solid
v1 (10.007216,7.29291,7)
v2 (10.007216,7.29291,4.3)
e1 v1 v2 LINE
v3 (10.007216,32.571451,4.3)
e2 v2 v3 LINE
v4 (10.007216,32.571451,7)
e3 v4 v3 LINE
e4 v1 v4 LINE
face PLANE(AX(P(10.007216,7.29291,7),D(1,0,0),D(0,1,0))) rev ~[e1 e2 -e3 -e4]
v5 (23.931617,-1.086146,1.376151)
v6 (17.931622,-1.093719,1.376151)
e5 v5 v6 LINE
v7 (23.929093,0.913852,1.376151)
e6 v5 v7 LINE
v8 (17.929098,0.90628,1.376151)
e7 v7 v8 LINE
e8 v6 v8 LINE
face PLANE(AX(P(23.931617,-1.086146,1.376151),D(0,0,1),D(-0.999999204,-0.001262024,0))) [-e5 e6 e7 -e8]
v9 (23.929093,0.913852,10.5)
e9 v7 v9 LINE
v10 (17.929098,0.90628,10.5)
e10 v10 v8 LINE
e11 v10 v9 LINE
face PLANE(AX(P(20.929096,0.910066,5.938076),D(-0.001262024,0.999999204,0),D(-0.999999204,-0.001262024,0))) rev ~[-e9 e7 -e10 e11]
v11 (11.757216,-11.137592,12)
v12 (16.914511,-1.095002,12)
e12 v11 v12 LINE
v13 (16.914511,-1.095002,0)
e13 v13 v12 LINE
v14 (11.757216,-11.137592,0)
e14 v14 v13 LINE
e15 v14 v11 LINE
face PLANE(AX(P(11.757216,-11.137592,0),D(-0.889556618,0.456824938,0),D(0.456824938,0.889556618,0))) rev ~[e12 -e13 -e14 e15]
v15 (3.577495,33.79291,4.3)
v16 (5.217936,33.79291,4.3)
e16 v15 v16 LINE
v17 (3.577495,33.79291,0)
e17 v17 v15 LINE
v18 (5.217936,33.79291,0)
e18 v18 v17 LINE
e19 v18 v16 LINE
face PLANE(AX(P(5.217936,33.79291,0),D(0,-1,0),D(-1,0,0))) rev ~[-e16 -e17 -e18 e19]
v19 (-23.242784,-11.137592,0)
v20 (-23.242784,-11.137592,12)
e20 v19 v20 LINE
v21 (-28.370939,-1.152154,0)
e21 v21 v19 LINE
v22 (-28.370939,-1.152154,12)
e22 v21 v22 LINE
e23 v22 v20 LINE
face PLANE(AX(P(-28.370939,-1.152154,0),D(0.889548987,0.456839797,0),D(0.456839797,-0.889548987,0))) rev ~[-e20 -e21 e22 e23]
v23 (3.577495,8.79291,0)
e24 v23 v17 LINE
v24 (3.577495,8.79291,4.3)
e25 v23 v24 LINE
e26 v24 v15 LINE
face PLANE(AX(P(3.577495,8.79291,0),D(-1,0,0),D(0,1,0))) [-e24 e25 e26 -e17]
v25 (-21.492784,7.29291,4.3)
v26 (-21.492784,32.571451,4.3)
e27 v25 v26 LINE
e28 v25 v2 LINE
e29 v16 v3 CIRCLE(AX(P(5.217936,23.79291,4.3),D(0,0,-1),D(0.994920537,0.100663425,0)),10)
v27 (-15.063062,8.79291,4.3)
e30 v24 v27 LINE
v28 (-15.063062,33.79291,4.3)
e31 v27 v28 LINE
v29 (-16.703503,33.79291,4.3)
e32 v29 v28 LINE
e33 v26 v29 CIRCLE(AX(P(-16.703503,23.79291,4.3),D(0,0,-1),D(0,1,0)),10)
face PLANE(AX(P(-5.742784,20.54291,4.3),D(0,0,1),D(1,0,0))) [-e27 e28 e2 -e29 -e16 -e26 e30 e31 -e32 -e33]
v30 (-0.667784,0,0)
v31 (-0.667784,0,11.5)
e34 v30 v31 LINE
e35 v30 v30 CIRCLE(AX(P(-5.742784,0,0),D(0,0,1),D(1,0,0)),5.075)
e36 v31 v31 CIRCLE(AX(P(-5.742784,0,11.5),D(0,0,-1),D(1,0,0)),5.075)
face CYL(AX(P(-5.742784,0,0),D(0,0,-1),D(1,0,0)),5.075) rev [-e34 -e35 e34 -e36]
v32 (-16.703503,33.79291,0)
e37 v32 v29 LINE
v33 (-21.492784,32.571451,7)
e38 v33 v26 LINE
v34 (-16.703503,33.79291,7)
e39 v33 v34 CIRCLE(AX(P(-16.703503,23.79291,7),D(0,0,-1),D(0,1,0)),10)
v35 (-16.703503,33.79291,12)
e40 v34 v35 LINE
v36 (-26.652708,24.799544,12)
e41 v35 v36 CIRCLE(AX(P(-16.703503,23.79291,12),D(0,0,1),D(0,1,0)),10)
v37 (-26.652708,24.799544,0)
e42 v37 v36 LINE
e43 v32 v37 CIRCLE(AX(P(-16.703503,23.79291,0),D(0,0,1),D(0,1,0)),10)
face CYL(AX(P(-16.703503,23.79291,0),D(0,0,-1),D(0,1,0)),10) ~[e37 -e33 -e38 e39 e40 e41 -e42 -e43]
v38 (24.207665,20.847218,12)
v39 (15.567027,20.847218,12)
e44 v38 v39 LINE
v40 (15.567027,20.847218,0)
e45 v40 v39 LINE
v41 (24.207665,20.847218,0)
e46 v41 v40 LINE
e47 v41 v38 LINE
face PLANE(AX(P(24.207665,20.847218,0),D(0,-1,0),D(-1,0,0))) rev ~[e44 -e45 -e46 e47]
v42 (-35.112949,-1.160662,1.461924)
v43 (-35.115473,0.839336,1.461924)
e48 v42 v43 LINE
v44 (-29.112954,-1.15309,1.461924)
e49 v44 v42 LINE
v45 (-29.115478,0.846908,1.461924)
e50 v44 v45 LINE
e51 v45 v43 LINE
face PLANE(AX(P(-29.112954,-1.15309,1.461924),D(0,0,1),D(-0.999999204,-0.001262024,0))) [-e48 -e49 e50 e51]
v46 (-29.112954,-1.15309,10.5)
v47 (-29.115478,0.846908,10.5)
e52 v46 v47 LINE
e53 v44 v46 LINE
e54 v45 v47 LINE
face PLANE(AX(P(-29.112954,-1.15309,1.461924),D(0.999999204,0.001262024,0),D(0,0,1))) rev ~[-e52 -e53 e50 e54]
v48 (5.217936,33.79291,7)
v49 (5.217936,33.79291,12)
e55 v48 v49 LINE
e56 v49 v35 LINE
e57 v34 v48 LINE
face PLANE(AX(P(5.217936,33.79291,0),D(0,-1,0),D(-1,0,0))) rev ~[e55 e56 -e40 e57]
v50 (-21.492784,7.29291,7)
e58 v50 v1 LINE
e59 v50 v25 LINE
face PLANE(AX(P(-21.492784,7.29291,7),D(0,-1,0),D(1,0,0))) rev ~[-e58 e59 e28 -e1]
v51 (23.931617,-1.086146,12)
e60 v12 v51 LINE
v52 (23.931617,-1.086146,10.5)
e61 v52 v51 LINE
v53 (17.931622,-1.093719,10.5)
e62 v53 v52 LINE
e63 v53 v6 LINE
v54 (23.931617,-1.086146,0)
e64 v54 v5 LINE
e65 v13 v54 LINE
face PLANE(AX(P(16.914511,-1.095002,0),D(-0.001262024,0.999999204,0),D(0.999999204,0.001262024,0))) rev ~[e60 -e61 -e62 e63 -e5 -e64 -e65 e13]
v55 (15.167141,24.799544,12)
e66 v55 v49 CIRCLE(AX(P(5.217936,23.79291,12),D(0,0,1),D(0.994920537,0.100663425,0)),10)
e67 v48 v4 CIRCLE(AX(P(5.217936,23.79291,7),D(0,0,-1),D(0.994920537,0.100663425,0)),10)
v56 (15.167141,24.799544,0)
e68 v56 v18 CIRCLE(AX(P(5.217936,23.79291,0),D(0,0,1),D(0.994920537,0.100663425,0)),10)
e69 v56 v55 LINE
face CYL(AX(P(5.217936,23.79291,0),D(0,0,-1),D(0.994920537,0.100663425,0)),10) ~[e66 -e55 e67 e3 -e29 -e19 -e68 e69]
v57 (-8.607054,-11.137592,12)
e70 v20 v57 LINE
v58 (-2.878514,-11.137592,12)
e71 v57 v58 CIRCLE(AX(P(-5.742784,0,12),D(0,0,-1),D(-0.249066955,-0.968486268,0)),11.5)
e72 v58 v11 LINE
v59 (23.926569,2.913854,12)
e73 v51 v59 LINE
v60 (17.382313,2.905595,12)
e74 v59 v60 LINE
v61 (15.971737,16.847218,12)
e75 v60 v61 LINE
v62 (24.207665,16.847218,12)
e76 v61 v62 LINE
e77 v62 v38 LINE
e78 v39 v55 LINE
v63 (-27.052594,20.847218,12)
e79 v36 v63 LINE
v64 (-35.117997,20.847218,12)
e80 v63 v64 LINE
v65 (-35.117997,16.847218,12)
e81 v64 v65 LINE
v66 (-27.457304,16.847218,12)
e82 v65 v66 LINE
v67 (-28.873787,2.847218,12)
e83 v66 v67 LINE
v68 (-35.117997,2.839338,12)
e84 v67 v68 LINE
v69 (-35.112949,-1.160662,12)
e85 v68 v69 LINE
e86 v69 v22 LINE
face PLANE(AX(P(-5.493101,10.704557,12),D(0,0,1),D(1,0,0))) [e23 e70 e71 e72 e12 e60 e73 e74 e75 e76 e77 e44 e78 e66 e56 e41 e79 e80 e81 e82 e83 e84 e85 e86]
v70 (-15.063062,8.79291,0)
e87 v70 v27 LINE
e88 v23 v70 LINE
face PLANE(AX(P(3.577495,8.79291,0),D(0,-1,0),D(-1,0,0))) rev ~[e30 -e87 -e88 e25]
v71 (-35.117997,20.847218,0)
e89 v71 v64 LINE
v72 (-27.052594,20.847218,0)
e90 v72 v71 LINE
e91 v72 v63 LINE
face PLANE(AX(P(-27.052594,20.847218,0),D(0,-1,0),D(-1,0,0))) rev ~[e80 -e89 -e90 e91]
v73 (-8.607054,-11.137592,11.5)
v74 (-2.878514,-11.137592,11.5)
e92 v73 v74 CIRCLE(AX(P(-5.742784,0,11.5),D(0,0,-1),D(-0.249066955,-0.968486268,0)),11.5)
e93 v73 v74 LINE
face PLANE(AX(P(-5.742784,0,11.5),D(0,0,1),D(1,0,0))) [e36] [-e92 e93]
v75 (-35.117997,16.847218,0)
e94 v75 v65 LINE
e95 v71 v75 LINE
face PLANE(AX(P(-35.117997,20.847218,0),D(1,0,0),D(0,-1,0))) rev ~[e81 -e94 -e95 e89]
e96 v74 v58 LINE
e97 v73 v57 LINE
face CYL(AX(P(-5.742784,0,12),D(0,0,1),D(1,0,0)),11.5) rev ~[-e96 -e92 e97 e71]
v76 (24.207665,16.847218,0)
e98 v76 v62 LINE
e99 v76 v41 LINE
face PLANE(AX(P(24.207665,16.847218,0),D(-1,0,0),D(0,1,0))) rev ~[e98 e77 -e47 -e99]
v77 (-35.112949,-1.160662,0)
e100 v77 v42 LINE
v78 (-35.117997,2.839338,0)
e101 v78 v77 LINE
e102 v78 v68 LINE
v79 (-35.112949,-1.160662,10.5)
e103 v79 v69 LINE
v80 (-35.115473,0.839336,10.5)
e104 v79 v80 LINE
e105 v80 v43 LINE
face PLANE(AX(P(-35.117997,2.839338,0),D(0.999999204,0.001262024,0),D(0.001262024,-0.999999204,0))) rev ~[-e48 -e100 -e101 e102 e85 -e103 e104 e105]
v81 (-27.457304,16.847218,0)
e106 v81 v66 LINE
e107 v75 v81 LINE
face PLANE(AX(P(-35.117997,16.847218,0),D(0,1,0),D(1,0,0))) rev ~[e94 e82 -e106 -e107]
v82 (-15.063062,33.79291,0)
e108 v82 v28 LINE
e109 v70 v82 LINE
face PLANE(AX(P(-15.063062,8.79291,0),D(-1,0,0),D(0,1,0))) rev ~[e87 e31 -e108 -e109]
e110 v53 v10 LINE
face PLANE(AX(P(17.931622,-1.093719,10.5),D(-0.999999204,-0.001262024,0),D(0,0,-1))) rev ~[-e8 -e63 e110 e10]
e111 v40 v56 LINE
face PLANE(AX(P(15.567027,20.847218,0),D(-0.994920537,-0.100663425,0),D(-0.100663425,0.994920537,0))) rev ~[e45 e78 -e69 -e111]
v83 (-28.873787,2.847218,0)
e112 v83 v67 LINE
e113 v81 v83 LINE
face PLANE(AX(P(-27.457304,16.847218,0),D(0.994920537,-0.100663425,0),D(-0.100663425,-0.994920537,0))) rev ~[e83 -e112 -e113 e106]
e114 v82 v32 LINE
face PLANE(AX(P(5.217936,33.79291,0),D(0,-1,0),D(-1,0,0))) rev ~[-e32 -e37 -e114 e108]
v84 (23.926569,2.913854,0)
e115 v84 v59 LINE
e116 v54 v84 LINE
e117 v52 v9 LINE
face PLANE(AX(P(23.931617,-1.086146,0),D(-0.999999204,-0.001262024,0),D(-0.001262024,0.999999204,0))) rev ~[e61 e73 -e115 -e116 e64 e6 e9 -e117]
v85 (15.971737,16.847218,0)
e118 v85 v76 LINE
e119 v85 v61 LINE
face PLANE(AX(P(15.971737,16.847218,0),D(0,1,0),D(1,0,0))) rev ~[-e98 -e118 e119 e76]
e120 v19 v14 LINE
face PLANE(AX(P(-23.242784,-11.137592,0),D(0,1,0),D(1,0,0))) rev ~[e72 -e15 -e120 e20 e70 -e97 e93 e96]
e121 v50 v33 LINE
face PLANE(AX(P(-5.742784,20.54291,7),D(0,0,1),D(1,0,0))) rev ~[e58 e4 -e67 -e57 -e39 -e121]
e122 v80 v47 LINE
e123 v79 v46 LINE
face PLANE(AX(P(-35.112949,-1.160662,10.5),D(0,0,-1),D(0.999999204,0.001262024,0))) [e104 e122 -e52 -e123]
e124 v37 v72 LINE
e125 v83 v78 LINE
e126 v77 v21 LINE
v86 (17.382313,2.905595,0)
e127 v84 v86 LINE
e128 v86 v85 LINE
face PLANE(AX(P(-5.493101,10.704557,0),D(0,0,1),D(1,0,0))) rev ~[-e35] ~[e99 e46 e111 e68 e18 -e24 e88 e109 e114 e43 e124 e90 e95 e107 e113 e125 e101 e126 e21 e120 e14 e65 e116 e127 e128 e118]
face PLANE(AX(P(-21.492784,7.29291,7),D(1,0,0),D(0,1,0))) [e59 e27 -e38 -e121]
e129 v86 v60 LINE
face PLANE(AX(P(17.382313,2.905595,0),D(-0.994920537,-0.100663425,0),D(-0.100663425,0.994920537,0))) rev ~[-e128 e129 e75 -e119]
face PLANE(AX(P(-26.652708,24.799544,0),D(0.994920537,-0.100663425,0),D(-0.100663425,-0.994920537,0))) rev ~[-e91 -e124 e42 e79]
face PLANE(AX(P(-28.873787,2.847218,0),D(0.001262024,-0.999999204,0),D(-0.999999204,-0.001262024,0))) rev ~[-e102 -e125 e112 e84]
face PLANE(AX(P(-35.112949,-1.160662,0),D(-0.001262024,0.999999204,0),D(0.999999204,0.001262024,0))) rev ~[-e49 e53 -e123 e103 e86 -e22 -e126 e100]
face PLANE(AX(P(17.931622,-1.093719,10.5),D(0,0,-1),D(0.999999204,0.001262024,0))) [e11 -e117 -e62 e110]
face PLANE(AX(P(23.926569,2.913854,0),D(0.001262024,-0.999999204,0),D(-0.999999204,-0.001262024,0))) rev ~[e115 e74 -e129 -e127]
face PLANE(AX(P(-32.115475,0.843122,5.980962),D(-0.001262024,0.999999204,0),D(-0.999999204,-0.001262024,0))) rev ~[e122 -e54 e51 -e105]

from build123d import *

# Parameters (mm, degrees)
SKETCH2_R           = 5.075
BOSS_EXTRUDE1_DEPTH = 12
CUT_EXTRUDE1_DEPTH  = 2
SKETCH4_W           = 31.5
SKETCH4_H           = 26.5
CUT_EXTRUDE2_DEPTH  = 2.7
CUT_EXTRUDE3_REACH  = 14
SKETCH5_W           = 18.640557444
SKETCH5_H           = 25
SKETCH6_R           = 11.5
CUT_EXTRUDE4_DEPTH  = 0.5


with BuildPart() as part:
    # Sketch2 → Boss-Extrude1 (new body)
    with BuildSketch(Plane.XY):
        with BuildLine():
            Line((-26.652708458, 24.799544054), (-27.052594325, 20.847218157))
            Line((-27.052594325, 20.847218157), (-35.117996865, 20.847218157))
            Line((-35.117996865, 20.847218157), (-35.117996865, 16.847218157))
            Line((-35.117996865, 16.847218157), (-27.457303732, 16.847218157))
            Line((-27.457303732, 16.847218157), (-28.873786654, 2.847218157))
            Line((-28.873786654, 2.847218157), (-35.117996865, 2.839337807))
            Line((-35.117996865, 2.839337807), (-35.112948764, -1.160662193))
            Line((-35.112948764, -1.160662193), (-28.37093921, -1.152153607))
            Line((-28.37093921, -1.152153607), (-23.24278353, -11.137592085))
            Line((-23.24278353, -11.137592085), (11.75721647, -11.137592085))
            Line((11.75721647, -11.137592085), (16.91451101, -1.09500223))
            Line((16.91451101, -1.09500223), (23.93161739, -1.086146466))
            Line((23.93161739, -1.086146466), (23.92656929, 2.913853534))
            Line((23.92656929, 2.913853534), (17.382313229, 2.905594519))
            Line((17.382313229, 2.905594519), (15.971736672, 16.847218157))
            Line((15.971736672, 16.847218157), (24.207665477, 16.847218157))
            Line((24.207665477, 16.847218157), (24.207665477, 20.847218157))
            Line((24.207665477, 20.847218157), (15.567027266, 20.847218157))
            Line((15.567027266, 20.847218157), (15.167141399, 24.799544054))
            ThreePointArc((15.167141399, 24.799544054), (11.923667067, 31.21134436), (5.217936029, 33.792909804))
            Line((5.217936029, 33.792909804), (-16.703503089, 33.792909804))
            ThreePointArc((-16.703503089, 33.792909804), (-23.409234126, 31.21134436), (-26.652708458, 24.799544054))
        make_face()
        with Locations((-5.74278353, 0)):
            Circle(SKETCH2_R, mode=Mode.SUBTRACT)
    extrude(amount=BOSS_EXTRUDE1_DEPTH)

    # Sketch3 → Cut-Extrude1 (cut)
    with BuildSketch(Plane(origin=(0.001408858, -1.116346991, 0), x_dir=(0.999999204, 0.001262024, 0), z_dir=(0.001262024, -0.999999204, 0))):
        Polygon((-35.114385586, 10.5), (-29.114385586, 10.5), (-29.114385586, 8.5), (-29.114385586, 3.523848556), (-29.114385586, 1.461924081), (-35.114385586, 1.461924081), (-35.114385586, 3.523848556), (-35.114385586, 8.5), align=None)
        Polygon((17.930227589, 10.5), (23.930227589, 10.5), (23.930227589, 8.5), (23.930227589, 3.438075525), (23.930227589, 1.376151049), (17.930227589, 1.376151049), (17.930227589, 3.438075525), (17.930227589, 8.5), align=None)
    extrude(amount=-CUT_EXTRUDE1_DEPTH, mode=Mode.SUBTRACT)

    # Sketch4 → Cut-Extrude2 (cut)
    with BuildSketch(Plane.XY.offset(7)):
        with Locations((-5.74278353, 20.542909804)):
            Rectangle(SKETCH4_W, SKETCH4_H)
    extrude(amount=-CUT_EXTRUDE2_DEPTH, mode=Mode.SUBTRACT)

    # Sketch5 → Cut-Extrude3 (cut, up to next)
    with BuildSketch(Plane(origin=(0, 0, 0), x_dir=(-1, 0, 0), z_dir=(0, 0, -1)), mode=Mode.PRIVATE) as cut_extrude3_sk1:
        with Locations((5.74278353, 21.292909804)):
            Rectangle(SKETCH5_W, SKETCH5_H)
    cut_extrude3_tool1 = extrude(cut_extrude3_sk1.sketch, amount=-CUT_EXTRUDE3_REACH, mode=Mode.PRIVATE) & part.part
    add(cut_extrude3_tool1.solids().sort_by_distance((-5.742784, 21.29291, 0))[0], mode=Mode.SUBTRACT)

    # Sketch6 → Cut-Extrude4 (cut)
    with BuildSketch(Plane.XY.offset(12)):
        with Locations((-5.74278353, 0)):
            Circle(SKETCH6_R)
    extrude(amount=-CUT_EXTRUDE4_DEPTH, mode=Mode.SUBTRACT)


solid = part.part
